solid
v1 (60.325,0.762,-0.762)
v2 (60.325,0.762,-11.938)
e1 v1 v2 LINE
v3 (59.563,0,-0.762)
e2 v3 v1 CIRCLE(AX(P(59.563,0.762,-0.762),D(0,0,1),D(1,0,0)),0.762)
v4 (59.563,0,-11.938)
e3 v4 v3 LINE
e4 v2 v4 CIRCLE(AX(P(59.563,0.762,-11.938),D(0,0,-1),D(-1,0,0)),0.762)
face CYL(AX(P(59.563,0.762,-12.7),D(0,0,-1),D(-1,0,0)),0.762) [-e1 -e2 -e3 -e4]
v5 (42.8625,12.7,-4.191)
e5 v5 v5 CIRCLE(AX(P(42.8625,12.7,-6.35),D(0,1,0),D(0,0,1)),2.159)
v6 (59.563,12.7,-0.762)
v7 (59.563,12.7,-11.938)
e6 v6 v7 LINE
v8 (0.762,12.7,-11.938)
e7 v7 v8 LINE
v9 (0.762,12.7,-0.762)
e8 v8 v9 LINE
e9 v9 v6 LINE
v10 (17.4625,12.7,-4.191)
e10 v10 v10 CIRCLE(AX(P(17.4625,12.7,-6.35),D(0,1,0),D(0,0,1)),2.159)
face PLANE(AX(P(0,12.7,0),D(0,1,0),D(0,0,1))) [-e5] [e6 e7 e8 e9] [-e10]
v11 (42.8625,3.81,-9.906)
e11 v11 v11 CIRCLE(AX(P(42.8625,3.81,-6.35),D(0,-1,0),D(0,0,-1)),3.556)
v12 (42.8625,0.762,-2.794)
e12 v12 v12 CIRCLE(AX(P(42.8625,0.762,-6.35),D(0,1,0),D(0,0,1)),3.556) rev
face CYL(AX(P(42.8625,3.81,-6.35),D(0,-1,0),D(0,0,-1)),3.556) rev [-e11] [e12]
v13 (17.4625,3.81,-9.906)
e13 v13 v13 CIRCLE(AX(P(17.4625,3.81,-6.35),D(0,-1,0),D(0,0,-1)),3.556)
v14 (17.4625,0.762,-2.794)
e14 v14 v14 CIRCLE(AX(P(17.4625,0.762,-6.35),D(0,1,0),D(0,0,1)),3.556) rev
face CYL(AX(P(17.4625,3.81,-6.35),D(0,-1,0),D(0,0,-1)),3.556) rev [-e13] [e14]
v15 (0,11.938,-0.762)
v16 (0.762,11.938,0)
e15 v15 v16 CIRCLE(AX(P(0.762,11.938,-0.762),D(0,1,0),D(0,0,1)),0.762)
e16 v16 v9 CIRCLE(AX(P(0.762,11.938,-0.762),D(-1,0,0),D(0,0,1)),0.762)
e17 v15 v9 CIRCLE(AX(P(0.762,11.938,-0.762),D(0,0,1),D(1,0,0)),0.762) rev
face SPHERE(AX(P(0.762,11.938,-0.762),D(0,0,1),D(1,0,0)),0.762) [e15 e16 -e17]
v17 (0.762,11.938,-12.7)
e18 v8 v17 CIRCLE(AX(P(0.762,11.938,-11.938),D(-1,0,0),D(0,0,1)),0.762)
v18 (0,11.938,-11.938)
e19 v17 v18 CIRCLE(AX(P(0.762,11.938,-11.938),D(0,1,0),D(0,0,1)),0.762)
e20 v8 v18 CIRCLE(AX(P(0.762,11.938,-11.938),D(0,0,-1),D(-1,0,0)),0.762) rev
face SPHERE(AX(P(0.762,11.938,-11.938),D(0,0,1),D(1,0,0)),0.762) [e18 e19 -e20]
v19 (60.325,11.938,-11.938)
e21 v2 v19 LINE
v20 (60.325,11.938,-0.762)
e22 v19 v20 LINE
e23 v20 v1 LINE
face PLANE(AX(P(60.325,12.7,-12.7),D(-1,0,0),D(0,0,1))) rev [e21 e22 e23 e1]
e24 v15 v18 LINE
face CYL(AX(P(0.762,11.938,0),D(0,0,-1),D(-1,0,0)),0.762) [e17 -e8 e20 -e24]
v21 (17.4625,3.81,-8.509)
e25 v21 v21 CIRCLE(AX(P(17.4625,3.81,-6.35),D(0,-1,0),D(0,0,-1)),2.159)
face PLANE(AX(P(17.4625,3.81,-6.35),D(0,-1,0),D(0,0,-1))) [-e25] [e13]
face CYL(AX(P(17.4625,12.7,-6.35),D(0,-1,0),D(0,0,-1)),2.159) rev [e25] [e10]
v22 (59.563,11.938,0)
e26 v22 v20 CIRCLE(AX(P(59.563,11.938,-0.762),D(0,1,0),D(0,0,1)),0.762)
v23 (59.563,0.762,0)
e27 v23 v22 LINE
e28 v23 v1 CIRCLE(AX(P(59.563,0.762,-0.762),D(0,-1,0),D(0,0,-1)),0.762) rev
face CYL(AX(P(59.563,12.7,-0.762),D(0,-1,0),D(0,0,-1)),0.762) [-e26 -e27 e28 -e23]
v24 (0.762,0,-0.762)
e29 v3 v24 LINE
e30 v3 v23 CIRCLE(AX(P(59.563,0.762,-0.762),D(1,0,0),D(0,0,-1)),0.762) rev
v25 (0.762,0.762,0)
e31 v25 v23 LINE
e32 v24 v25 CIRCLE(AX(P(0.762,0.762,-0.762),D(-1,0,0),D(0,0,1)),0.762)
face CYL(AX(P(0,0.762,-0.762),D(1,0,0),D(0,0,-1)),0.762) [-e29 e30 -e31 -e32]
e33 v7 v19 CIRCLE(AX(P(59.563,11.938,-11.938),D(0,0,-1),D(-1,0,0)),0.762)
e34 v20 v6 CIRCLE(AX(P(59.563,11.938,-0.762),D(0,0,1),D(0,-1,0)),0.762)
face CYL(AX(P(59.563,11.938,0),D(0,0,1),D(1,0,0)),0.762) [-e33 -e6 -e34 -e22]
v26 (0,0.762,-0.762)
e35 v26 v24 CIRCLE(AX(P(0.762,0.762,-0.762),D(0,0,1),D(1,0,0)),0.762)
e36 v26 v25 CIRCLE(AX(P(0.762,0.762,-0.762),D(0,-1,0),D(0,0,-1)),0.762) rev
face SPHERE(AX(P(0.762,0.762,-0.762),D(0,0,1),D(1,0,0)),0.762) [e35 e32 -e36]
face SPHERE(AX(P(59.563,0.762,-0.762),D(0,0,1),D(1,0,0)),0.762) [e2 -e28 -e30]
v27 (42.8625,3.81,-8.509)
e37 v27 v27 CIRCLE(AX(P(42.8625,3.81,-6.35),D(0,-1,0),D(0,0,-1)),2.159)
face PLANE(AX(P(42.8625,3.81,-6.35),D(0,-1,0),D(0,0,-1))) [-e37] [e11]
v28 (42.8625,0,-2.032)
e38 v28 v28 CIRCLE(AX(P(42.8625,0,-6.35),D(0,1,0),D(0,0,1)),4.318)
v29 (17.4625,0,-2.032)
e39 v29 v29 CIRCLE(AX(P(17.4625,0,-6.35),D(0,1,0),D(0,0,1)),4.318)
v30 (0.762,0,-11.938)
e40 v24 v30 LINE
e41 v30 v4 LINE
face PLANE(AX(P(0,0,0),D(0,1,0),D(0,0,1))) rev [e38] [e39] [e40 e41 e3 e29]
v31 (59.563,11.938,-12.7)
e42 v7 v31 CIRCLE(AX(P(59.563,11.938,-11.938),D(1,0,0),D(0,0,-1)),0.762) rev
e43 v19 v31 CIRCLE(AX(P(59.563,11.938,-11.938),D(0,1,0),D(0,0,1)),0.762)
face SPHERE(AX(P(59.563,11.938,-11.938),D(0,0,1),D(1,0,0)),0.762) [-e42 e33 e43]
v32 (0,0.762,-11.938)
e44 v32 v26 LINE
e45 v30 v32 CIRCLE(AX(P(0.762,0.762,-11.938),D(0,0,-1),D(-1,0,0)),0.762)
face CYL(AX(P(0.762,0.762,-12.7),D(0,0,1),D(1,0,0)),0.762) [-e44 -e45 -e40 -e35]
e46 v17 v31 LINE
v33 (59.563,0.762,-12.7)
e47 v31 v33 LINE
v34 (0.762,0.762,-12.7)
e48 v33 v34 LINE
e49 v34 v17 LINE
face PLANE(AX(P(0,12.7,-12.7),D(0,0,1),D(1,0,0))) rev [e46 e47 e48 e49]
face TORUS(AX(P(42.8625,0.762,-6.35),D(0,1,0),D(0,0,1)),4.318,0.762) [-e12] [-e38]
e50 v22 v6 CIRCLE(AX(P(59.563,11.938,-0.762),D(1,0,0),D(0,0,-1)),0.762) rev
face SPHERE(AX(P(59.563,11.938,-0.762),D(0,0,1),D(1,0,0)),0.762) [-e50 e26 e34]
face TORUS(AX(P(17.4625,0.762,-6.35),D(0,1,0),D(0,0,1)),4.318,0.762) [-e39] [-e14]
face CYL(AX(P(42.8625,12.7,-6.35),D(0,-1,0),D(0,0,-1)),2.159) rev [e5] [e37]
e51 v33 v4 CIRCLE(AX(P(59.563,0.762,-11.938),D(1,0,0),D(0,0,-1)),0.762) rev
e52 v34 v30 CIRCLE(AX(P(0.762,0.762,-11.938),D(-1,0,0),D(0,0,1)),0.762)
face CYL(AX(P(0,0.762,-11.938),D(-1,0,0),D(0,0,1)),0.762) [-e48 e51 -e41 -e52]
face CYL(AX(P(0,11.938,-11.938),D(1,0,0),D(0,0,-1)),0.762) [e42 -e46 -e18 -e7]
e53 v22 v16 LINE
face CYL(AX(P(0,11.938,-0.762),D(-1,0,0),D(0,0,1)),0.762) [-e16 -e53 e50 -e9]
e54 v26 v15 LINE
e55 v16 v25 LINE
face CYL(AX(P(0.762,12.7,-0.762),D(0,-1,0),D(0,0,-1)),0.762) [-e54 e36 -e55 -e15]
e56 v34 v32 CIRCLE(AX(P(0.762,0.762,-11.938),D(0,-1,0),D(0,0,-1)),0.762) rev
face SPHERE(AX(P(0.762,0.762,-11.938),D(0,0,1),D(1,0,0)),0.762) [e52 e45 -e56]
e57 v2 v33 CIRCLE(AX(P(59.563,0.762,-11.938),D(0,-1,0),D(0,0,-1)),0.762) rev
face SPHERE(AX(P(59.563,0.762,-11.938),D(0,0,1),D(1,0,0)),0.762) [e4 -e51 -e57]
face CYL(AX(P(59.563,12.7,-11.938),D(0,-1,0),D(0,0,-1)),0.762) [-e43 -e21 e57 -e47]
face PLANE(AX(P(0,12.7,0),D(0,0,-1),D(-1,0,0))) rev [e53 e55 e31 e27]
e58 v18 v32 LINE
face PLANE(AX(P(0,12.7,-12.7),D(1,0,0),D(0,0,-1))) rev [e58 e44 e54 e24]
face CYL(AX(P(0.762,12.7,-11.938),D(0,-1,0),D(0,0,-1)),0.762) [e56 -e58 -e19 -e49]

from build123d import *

# Parameters (mm, degrees)
SKETCH1_W           = 60.325
SKETCH1_H           = 12.7
SKETCH1_R           = 2.159
BOSS_EXTRUDE1_DEPTH = 12.7
SKETCH5_R           = 3.556
CUT_EXTRUDE1_DEPTH  = 3.81
FILLET1_R           = 0.762


with BuildPart() as part:
    # Sketch1 → Boss-Extrude1 (new body)
    with BuildSketch(Plane(origin=(0, 0, 0), x_dir=(1, 0, 0), z_dir=(0, 1, 0))):
        with Locations((30.1625, 6.35)):
            Rectangle(SKETCH1_W, SKETCH1_H)
        with Locations((17.4625, 6.35)):
            Circle(SKETCH1_R, mode=Mode.SUBTRACT)
        with Locations((42.8625, 6.35)):
            Circle(SKETCH1_R, mode=Mode.SUBTRACT)
    extrude(amount=BOSS_EXTRUDE1_DEPTH)

    # Sketch5 → Cut-Extrude1 (cut)
    with BuildSketch(Plane.XZ):
        with Locations((42.8625, -6.35)):
            Circle(SKETCH5_R)
        with Locations((17.4625, -6.35)):
            Circle(SKETCH5_R)
    extrude(amount=-CUT_EXTRUDE1_DEPTH, mode=Mode.SUBTRACT)

    # Fillet1
    fillet1_edges = [part.edges().sort_by_distance(p)[0] for p in [
        (60.325, 12.7, -6.35),
        (30.1625, 12.7, -12.7),
        (39.3065, 0, -6.35),
        (13.9065, 0, -6.35),
        (0, 12.7, -6.35),
        (30.1625, 0, -12.7),
        (60.325, 0, -6.35),
        (30.1625, 0, 0),
        (0, 0, -6.35),
        (30.1625, 12.7, 0),
        (0, 6.35, -12.7),
        (60.325, 6.35, -12.7),
        (60.325, 6.35, 0),
        (0, 6.35, 0),
    ]]
    fillet(fillet1_edges, radius=FILLET1_R)


solid = part.part
